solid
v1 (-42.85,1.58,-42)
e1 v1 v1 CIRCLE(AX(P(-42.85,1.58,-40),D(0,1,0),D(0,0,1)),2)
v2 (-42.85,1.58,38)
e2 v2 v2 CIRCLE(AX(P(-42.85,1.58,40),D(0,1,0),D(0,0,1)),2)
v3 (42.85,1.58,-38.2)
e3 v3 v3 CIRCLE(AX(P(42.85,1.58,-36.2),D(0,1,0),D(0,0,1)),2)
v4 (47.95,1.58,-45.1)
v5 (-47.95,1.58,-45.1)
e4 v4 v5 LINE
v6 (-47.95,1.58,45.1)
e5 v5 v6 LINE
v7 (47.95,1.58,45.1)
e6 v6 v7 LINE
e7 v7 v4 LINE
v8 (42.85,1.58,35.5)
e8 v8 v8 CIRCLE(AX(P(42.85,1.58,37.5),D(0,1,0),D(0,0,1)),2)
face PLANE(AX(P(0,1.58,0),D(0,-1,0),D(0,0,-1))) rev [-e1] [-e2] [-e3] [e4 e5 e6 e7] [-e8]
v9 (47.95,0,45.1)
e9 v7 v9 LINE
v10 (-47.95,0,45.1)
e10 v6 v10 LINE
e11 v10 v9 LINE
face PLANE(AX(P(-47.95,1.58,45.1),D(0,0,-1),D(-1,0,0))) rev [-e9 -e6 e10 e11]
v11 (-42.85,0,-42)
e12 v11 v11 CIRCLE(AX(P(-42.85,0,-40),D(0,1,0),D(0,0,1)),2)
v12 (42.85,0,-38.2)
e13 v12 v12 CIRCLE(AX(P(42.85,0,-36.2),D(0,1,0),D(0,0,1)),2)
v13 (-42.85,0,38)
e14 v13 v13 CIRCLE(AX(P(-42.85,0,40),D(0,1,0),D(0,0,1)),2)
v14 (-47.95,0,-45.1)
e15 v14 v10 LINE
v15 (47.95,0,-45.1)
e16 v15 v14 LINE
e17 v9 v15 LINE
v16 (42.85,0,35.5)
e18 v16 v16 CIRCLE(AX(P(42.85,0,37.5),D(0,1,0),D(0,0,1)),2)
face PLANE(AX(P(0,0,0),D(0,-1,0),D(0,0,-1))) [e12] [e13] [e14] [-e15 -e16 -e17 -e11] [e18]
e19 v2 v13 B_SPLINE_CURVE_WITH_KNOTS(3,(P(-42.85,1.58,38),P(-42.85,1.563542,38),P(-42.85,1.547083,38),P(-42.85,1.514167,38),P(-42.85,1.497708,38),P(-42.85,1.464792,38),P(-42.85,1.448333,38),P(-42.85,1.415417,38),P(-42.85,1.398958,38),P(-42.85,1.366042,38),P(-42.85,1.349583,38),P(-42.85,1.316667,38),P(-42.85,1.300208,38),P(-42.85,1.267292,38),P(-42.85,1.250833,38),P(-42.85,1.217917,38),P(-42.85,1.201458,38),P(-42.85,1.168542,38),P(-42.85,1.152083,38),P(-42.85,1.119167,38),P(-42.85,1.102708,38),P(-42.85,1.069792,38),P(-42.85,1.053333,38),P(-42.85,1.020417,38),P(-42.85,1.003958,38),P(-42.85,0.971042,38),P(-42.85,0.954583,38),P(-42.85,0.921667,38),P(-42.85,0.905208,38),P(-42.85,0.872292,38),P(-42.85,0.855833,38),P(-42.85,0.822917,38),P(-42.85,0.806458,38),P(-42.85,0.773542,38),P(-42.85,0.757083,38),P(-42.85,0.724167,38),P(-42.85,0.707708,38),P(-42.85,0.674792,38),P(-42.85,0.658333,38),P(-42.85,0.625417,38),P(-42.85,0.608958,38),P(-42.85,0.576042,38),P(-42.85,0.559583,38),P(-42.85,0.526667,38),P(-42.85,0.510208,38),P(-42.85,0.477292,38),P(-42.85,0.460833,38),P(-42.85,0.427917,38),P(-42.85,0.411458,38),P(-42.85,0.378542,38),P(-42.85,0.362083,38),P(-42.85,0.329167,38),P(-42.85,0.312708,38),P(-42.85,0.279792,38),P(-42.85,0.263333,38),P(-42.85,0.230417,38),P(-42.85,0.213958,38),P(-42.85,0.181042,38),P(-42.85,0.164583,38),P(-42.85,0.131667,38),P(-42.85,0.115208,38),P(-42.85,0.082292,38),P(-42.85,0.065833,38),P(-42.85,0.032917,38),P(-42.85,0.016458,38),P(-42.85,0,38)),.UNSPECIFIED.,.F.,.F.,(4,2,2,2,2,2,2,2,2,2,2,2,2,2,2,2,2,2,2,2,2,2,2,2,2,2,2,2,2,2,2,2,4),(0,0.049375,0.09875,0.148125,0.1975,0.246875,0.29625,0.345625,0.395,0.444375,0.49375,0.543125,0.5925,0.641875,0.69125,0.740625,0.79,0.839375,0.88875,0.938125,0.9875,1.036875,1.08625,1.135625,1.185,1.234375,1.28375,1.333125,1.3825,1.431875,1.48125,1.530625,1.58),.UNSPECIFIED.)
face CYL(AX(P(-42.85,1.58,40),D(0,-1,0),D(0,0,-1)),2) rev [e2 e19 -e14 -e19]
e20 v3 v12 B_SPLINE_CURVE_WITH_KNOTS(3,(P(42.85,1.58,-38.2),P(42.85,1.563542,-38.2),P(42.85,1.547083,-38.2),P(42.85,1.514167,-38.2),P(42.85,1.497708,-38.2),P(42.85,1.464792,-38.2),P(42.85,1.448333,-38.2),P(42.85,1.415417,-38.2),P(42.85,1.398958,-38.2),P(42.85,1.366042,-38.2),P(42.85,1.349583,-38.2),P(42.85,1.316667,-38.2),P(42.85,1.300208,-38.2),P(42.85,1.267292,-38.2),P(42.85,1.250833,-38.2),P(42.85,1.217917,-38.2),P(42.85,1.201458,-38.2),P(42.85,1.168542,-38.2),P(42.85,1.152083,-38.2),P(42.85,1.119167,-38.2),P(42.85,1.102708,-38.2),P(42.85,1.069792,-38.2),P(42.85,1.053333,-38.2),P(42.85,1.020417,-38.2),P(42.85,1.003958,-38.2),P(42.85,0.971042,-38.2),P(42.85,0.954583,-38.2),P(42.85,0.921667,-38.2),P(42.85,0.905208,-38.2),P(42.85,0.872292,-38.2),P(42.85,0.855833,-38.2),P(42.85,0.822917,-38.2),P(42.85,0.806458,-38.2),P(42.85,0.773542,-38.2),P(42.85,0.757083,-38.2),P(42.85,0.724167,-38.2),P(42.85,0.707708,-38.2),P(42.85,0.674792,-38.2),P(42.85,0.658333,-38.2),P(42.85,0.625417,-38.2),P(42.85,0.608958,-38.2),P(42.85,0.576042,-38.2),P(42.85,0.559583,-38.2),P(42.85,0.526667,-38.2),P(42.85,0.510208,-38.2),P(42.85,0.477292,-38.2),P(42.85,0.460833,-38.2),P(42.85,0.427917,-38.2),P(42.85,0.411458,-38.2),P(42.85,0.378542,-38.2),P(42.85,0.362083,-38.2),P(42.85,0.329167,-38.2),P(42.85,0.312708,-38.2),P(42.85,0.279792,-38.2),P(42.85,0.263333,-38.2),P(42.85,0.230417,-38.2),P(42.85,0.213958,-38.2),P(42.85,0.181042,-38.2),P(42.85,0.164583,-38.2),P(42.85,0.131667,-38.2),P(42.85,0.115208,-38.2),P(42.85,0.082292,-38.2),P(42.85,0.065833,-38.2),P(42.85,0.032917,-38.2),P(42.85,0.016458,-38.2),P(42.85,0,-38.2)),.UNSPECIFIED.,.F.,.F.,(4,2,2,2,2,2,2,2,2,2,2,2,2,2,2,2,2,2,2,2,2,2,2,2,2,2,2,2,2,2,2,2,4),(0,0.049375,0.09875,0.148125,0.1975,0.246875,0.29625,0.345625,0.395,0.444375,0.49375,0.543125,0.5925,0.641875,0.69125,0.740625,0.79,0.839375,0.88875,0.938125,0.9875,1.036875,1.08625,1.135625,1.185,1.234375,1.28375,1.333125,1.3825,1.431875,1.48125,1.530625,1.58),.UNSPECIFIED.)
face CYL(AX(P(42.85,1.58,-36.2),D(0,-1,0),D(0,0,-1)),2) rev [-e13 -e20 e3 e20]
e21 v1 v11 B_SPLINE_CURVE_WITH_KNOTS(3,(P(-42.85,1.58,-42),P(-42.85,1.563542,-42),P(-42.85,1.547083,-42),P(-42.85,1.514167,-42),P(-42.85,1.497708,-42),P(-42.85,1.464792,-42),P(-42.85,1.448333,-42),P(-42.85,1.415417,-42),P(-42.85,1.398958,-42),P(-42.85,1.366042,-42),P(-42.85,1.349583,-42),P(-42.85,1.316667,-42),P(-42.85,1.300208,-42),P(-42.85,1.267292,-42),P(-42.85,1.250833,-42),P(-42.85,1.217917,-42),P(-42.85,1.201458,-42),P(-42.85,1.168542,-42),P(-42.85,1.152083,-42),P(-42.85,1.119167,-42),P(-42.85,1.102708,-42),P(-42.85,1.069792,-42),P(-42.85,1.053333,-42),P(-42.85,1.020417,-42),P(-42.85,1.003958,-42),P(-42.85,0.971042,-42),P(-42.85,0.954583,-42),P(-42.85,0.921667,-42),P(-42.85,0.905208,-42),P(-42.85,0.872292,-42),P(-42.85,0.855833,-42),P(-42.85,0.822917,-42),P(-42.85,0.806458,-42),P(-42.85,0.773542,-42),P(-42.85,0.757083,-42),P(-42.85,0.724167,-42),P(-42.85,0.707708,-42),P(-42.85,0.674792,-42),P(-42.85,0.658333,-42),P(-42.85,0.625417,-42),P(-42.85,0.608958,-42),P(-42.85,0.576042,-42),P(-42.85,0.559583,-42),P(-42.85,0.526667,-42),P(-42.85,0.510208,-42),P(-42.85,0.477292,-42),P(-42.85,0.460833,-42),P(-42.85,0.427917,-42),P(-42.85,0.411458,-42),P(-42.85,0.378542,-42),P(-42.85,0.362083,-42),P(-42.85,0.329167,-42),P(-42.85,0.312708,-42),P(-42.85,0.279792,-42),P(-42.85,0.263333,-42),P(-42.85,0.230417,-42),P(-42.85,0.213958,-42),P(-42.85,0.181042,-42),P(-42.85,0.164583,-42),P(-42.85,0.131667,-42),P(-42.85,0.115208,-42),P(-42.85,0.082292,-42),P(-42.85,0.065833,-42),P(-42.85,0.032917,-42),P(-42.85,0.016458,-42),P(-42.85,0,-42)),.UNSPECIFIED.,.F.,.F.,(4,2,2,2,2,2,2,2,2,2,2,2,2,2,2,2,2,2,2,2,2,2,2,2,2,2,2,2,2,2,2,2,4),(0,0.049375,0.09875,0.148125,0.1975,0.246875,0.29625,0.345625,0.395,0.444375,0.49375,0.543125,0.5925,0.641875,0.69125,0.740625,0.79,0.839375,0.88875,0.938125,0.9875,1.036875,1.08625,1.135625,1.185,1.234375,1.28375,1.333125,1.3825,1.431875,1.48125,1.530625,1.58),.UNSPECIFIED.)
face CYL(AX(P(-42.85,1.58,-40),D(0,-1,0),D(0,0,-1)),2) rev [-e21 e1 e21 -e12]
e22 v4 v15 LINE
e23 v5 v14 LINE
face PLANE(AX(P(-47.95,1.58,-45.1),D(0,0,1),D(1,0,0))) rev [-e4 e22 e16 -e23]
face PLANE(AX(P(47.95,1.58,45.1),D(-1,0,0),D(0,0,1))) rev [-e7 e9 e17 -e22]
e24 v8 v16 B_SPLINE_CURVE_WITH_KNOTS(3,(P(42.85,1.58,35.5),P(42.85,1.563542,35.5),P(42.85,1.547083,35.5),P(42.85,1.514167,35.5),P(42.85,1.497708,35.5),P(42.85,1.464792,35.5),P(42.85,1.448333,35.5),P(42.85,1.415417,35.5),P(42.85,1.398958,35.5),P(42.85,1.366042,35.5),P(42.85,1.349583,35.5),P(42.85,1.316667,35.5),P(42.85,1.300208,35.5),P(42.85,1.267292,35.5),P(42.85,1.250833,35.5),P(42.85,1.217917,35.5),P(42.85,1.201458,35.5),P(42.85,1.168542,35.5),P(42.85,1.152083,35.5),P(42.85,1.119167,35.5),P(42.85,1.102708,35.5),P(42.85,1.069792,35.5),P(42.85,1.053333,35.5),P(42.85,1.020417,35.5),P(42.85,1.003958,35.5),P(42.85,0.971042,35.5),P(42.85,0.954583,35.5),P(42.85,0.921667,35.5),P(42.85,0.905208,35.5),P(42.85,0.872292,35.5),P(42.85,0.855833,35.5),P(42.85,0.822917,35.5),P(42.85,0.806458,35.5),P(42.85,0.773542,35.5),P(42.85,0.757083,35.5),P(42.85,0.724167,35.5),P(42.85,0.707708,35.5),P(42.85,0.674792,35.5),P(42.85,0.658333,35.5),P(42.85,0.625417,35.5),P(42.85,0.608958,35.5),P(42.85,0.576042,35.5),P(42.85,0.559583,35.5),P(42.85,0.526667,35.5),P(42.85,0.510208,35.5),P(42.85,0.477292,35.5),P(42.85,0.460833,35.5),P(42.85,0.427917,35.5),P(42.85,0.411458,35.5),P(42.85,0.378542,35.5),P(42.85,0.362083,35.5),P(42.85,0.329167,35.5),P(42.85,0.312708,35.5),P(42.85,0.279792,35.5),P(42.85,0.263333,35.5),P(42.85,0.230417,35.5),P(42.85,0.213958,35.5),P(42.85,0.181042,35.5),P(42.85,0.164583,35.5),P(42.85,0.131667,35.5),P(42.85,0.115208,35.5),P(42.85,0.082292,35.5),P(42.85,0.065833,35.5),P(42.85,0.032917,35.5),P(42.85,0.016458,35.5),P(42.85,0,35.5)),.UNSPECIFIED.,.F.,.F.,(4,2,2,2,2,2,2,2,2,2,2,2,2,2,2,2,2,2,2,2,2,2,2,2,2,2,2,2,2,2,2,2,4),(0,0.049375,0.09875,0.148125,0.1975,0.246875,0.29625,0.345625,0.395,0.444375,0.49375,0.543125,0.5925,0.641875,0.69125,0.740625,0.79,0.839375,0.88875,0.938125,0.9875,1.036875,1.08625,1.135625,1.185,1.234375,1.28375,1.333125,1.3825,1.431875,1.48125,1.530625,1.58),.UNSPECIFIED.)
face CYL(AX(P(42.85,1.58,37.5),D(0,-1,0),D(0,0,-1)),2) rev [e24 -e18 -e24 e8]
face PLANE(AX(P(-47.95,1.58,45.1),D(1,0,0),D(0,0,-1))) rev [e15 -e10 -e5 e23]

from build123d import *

# Parameters (mm, degrees)
SKETCH1_W           = 95.9
SKETCH1_H           = 90.2
SKETCH1_R           = 2
BOSS_EXTRUDE1_DEPTH = 1.58


with BuildPart() as part:
    # Sketch1 → Boss-Extrude1 (new body)
    with BuildSketch(Plane(origin=(0, 0, 0), x_dir=(1, 0, 0), z_dir=(0, 1, 0))):
        Rectangle(SKETCH1_W, SKETCH1_H)
        with Locations(Location((-42.85, 40, 0), (0, 0, 90))):
            Circle(SKETCH1_R, mode=Mode.SUBTRACT)
        with Locations(Location((42.85, 36.2, 0), (0, 0, 90))):
            Circle(SKETCH1_R, mode=Mode.SUBTRACT)
        with Locations(Location((-42.85, -40, 0), (0, 0, 90))):
            Circle(SKETCH1_R, mode=Mode.SUBTRACT)
        with Locations(Location((42.85, -37.5, 0), (0, 0, 90))):
            Circle(SKETCH1_R, mode=Mode.SUBTRACT)
    extrude(amount=BOSS_EXTRUDE1_DEPTH)


solid = part.part
